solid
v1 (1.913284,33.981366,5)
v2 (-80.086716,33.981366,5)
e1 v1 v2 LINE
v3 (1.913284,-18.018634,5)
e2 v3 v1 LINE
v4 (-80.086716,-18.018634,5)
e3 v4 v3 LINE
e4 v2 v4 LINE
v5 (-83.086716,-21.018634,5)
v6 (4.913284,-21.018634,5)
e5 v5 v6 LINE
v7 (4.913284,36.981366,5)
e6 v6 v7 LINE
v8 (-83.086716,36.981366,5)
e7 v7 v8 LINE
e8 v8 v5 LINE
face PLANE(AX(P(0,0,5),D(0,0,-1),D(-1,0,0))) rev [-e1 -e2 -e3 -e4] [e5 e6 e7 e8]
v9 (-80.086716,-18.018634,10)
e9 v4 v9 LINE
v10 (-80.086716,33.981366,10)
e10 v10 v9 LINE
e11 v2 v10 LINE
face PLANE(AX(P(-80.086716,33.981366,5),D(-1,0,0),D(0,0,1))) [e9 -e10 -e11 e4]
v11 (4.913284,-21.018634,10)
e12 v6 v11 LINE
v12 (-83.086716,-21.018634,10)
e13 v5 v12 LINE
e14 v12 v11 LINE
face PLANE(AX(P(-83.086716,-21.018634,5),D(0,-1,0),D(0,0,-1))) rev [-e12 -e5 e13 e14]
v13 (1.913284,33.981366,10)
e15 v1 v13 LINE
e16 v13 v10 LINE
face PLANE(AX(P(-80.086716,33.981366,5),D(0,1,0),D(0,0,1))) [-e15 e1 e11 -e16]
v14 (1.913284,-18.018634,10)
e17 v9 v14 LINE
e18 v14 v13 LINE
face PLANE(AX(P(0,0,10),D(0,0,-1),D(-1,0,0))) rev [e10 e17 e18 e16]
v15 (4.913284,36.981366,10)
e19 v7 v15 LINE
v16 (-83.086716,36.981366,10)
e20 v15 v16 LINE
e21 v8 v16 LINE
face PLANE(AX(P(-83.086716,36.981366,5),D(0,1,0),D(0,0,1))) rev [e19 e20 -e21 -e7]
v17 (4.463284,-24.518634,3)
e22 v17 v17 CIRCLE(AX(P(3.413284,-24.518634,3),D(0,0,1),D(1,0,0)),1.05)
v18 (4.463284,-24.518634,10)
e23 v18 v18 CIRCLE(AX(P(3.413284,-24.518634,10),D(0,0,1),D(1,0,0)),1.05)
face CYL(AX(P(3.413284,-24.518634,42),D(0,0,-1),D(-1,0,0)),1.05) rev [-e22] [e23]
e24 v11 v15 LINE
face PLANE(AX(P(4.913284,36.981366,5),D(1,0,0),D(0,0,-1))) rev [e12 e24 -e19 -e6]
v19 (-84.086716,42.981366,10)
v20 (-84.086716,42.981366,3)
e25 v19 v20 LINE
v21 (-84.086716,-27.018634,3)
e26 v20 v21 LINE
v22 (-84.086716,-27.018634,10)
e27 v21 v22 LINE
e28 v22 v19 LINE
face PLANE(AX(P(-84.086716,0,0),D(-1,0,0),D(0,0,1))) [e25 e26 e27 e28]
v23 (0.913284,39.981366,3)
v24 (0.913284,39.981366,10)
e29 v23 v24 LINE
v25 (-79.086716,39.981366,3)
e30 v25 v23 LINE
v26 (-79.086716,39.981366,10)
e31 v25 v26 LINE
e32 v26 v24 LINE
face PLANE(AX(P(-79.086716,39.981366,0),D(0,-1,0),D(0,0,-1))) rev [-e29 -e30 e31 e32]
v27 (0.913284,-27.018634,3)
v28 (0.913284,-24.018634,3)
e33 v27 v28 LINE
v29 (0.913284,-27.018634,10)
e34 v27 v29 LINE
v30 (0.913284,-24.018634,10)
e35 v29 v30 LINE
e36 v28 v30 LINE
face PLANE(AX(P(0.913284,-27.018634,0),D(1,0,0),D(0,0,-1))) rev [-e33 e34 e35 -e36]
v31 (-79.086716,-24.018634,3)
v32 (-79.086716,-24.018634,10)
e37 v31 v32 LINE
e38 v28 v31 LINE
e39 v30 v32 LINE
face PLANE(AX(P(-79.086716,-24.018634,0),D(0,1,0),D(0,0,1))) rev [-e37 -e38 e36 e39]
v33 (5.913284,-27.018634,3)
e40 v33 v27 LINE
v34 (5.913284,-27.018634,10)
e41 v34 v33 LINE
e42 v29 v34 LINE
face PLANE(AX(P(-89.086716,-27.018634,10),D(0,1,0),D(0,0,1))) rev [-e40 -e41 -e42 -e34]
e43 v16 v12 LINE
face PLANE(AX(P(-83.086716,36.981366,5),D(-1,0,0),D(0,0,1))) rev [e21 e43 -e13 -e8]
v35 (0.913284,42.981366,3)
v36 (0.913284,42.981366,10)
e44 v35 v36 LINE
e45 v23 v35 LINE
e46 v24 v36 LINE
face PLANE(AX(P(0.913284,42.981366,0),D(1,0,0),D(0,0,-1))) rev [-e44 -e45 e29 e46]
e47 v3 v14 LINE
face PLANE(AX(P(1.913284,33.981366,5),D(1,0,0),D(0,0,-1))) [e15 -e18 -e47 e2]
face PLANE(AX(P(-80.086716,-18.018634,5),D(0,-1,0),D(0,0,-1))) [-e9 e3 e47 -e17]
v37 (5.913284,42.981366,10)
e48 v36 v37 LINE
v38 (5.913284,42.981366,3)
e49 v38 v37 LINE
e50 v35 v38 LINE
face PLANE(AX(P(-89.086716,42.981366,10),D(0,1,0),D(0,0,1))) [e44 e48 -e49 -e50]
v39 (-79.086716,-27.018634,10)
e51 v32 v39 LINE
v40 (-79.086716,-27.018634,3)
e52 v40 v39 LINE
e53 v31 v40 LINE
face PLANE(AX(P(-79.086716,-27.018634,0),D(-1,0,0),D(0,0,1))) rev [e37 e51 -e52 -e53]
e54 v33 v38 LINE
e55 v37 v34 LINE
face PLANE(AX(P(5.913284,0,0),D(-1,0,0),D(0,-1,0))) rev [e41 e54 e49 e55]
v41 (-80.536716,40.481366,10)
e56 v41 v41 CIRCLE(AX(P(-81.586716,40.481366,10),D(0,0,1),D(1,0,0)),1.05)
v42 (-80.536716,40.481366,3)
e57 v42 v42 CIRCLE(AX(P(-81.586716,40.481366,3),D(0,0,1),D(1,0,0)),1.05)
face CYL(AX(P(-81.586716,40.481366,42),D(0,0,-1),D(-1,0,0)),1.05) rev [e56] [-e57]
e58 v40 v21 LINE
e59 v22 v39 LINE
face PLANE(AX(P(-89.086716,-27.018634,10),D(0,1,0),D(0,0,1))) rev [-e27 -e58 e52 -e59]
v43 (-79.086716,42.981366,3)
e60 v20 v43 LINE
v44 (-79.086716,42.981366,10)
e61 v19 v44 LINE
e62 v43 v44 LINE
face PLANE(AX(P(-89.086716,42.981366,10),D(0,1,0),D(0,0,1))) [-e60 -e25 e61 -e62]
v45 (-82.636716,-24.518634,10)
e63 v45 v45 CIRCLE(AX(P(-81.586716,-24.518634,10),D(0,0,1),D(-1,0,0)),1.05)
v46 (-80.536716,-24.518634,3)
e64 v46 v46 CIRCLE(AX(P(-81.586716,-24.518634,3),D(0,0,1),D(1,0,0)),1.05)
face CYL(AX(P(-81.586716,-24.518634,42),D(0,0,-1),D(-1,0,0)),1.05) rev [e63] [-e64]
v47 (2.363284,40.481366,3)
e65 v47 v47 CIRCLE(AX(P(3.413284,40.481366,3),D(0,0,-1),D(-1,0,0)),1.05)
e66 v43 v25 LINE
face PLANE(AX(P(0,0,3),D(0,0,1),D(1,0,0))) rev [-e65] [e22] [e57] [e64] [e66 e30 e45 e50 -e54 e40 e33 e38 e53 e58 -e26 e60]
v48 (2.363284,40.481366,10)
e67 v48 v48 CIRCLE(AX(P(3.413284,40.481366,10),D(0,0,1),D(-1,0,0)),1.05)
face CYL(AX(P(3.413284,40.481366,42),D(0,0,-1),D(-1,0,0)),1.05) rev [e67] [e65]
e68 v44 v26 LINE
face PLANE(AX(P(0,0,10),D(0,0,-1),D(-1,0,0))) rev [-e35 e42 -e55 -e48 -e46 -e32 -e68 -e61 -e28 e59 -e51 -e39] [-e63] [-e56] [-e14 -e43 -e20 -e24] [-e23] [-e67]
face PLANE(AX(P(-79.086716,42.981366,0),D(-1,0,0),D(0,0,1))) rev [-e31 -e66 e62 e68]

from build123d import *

# Parameters (mm, degrees)
SKETCH_1_W           = 100
SKETCH_1_H           = 70
EXTRUDE_1_DEPTH      = 10
SKETCH_6_W           = 5
SKETCH_6_H           = 5
CUT_EXTRUDE_4_DEPTH  = 5
SKETCH_7_W           = 5
SKETCH_7_H           = 5
CUT_EXTRUDE_5_DEPTH  = 3
SKETCH_8_R           = 1.05
CUT_EXTRUDE_6_DEPTH  = 42
SKETCH_10_W          = 100
SKETCH_10_H          = 70
CUT_EXTRUDE_7_DEPTH  = 3
SKETCH_11_W          = 7
SKETCH_11_H          = 70
CUT_EXTRUDE_8_DEPTH  = 5
SKETCH_12_W          = 7
SKETCH_12_H          = 70
CUT_EXTRUDE_9_DEPTH  = 5
SKETCH_15_W          = 88
SKETCH_15_H          = 58
SKETCH_15_W_2        = 82
SKETCH_15_H_2        = 52
CUT_EXTRUDE_12_DEPTH = 5
SKETCH_16_W          = 5
SKETCH_16_H          = 5
SKETCH_16_R          = 1.05
EXTRUDE_2_DEPTH      = 5
SKETCH_18_W          = 80
SKETCH_18_H          = 3
CUT_EXTRUDE_13_DEPTH = 10


with BuildPart() as part:
    # 草圖1 → 填料-伸長1 (new body)
    with BuildSketch(Plane.XY):
        with Locations((-39.08671555, 7.98136646)):
            Rectangle(SKETCH_1_W, SKETCH_1_H)
    extrude(amount=EXTRUDE_1_DEPTH)

    # 草圖6 → 除料-伸長4 (cut)
    with BuildSketch(Plane.XY.offset(10)):
        with Locations((3.41328445, 40.48136646)):
            Rectangle(SKETCH_6_W, SKETCH_6_H)
        with Locations((-81.58671555, 40.48136646)):
            Rectangle(SKETCH_6_W, SKETCH_6_H)
        with Locations((-81.58671555, -24.51863354)):
            Rectangle(SKETCH_6_W, SKETCH_6_H)
        with Locations((3.41328445, -24.51863354)):
            Rectangle(SKETCH_6_W, SKETCH_6_H)
    extrude(amount=-CUT_EXTRUDE_4_DEPTH, mode=Mode.SUBTRACT)

    # 草圖7 → 除料-伸長5 (cut)
    with BuildSketch(Plane(origin=(0, 0, 0), x_dir=(-1, 0, 0), z_dir=(0, 0, -1))):
        with Locations((81.58671555, 40.48136646)):
            Rectangle(SKETCH_7_W, SKETCH_7_H)
        with Locations((-3.41328445, 40.48136646)):
            Rectangle(SKETCH_7_W, SKETCH_7_H)
        with Locations((81.58671555, -24.51863354)):
            Rectangle(SKETCH_7_W, SKETCH_7_H)
        with Locations((-3.41328445, -24.51863354)):
            Rectangle(SKETCH_7_W, SKETCH_7_H)
    extrude(amount=-CUT_EXTRUDE_5_DEPTH, mode=Mode.SUBTRACT)

    # 草圖8 → 除料-伸長6 (cut)
    with BuildSketch(Plane(origin=(0, 0, 0), x_dir=(-1, 0, 0), z_dir=(0, 0, -1))):
        with Locations((-3.41328445, 40.48136646)):
            Circle(SKETCH_8_R)
        with Locations(Location((81.58671555, 40.48136646, 0), (0, 0, 180))):
            Circle(SKETCH_8_R)
        with Locations((81.58671555, -24.51863354)):
            Circle(SKETCH_8_R)
        with Locations((-3.41328445, -24.51863354)):
            Circle(SKETCH_8_R)
    extrude(amount=-CUT_EXTRUDE_6_DEPTH, mode=Mode.SUBTRACT)

    # 草圖10 → 除料-伸長7 (cut)
    with BuildSketch(Plane.XY):
        with Locations((-39.08671555, 7.98136646)):
            Rectangle(SKETCH_10_W, SKETCH_10_H)
    extrude(amount=CUT_EXTRUDE_7_DEPTH, mode=Mode.SUBTRACT)

    # 草圖11 → 除料-伸長8 (cut)
    with BuildSketch(Plane(origin=(10.91328445, 0, 0), x_dir=(0, 0, -1), z_dir=(1, 0, 0))):
        with Locations((-6.5, 7.98136646)):
            Rectangle(SKETCH_11_W, SKETCH_11_H)
    extrude(amount=-CUT_EXTRUDE_8_DEPTH, mode=Mode.SUBTRACT)

    # 草圖12 → 除料-伸長9 (cut)
    with BuildSketch(Plane.ZY.offset(89.08671555)):
        with Locations((6.5, 7.98136646)):
            Rectangle(SKETCH_12_W, SKETCH_12_H)
    extrude(amount=-CUT_EXTRUDE_9_DEPTH, mode=Mode.SUBTRACT)

    # 草圖15 → 除料-伸長12 (cut)
    with BuildSketch(Plane.XY.offset(10)):
        with Locations((-39.08671555, 7.98136646)):
            Rectangle(SKETCH_15_W, SKETCH_15_H)
        with Locations((-39.08671555, 7.98136646)):
            Rectangle(SKETCH_15_W_2, SKETCH_15_H_2, mode=Mode.SUBTRACT)
    extrude(amount=-CUT_EXTRUDE_12_DEPTH, mode=Mode.SUBTRACT)

    # 草圖16 → 填料-伸長2 (add)
    with BuildSketch(Plane.XY.offset(5)):
        with Locations((-81.58671555, 40.48136646)):
            Rectangle(SKETCH_16_W, SKETCH_16_H)
        with Locations((-81.58671555, 40.48136646)):
            Circle(SKETCH_16_R, mode=Mode.SUBTRACT)
        with Locations((3.41328445, 40.48136646)):
            Rectangle(SKETCH_16_W, SKETCH_16_H)
        with Locations(Location((3.41328445, 40.48136646, 0), (0, 0, 180))):
            Circle(SKETCH_16_R, mode=Mode.SUBTRACT)
        with Locations((3.41328445, -24.51863354)):
            Rectangle(SKETCH_16_W, SKETCH_16_H)
        with Locations((3.41328445, -24.51863354)):
            Circle(SKETCH_16_R, mode=Mode.SUBTRACT)
        with Locations((-81.58671555, -24.51863354)):
            Rectangle(SKETCH_16_W, SKETCH_16_H)
        with Locations(Location((-81.58671555, -24.51863354, 0), (0, 0, 180))):
            Circle(SKETCH_16_R, mode=Mode.SUBTRACT)
    extrude(amount=EXTRUDE_2_DEPTH)

    # 草圖18 → 除料-伸長13 (cut)
    with BuildSketch(Plane.XY.offset(10)):
        with Locations((-39.08671555, 41.48136646)):
            Rectangle(SKETCH_18_W, SKETCH_18_H)
        with Locations((-39.08671555, -25.51863354)):
            Rectangle(SKETCH_18_W, SKETCH_18_H)
    extrude(amount=-CUT_EXTRUDE_13_DEPTH, mode=Mode.SUBTRACT)


solid = part.part
